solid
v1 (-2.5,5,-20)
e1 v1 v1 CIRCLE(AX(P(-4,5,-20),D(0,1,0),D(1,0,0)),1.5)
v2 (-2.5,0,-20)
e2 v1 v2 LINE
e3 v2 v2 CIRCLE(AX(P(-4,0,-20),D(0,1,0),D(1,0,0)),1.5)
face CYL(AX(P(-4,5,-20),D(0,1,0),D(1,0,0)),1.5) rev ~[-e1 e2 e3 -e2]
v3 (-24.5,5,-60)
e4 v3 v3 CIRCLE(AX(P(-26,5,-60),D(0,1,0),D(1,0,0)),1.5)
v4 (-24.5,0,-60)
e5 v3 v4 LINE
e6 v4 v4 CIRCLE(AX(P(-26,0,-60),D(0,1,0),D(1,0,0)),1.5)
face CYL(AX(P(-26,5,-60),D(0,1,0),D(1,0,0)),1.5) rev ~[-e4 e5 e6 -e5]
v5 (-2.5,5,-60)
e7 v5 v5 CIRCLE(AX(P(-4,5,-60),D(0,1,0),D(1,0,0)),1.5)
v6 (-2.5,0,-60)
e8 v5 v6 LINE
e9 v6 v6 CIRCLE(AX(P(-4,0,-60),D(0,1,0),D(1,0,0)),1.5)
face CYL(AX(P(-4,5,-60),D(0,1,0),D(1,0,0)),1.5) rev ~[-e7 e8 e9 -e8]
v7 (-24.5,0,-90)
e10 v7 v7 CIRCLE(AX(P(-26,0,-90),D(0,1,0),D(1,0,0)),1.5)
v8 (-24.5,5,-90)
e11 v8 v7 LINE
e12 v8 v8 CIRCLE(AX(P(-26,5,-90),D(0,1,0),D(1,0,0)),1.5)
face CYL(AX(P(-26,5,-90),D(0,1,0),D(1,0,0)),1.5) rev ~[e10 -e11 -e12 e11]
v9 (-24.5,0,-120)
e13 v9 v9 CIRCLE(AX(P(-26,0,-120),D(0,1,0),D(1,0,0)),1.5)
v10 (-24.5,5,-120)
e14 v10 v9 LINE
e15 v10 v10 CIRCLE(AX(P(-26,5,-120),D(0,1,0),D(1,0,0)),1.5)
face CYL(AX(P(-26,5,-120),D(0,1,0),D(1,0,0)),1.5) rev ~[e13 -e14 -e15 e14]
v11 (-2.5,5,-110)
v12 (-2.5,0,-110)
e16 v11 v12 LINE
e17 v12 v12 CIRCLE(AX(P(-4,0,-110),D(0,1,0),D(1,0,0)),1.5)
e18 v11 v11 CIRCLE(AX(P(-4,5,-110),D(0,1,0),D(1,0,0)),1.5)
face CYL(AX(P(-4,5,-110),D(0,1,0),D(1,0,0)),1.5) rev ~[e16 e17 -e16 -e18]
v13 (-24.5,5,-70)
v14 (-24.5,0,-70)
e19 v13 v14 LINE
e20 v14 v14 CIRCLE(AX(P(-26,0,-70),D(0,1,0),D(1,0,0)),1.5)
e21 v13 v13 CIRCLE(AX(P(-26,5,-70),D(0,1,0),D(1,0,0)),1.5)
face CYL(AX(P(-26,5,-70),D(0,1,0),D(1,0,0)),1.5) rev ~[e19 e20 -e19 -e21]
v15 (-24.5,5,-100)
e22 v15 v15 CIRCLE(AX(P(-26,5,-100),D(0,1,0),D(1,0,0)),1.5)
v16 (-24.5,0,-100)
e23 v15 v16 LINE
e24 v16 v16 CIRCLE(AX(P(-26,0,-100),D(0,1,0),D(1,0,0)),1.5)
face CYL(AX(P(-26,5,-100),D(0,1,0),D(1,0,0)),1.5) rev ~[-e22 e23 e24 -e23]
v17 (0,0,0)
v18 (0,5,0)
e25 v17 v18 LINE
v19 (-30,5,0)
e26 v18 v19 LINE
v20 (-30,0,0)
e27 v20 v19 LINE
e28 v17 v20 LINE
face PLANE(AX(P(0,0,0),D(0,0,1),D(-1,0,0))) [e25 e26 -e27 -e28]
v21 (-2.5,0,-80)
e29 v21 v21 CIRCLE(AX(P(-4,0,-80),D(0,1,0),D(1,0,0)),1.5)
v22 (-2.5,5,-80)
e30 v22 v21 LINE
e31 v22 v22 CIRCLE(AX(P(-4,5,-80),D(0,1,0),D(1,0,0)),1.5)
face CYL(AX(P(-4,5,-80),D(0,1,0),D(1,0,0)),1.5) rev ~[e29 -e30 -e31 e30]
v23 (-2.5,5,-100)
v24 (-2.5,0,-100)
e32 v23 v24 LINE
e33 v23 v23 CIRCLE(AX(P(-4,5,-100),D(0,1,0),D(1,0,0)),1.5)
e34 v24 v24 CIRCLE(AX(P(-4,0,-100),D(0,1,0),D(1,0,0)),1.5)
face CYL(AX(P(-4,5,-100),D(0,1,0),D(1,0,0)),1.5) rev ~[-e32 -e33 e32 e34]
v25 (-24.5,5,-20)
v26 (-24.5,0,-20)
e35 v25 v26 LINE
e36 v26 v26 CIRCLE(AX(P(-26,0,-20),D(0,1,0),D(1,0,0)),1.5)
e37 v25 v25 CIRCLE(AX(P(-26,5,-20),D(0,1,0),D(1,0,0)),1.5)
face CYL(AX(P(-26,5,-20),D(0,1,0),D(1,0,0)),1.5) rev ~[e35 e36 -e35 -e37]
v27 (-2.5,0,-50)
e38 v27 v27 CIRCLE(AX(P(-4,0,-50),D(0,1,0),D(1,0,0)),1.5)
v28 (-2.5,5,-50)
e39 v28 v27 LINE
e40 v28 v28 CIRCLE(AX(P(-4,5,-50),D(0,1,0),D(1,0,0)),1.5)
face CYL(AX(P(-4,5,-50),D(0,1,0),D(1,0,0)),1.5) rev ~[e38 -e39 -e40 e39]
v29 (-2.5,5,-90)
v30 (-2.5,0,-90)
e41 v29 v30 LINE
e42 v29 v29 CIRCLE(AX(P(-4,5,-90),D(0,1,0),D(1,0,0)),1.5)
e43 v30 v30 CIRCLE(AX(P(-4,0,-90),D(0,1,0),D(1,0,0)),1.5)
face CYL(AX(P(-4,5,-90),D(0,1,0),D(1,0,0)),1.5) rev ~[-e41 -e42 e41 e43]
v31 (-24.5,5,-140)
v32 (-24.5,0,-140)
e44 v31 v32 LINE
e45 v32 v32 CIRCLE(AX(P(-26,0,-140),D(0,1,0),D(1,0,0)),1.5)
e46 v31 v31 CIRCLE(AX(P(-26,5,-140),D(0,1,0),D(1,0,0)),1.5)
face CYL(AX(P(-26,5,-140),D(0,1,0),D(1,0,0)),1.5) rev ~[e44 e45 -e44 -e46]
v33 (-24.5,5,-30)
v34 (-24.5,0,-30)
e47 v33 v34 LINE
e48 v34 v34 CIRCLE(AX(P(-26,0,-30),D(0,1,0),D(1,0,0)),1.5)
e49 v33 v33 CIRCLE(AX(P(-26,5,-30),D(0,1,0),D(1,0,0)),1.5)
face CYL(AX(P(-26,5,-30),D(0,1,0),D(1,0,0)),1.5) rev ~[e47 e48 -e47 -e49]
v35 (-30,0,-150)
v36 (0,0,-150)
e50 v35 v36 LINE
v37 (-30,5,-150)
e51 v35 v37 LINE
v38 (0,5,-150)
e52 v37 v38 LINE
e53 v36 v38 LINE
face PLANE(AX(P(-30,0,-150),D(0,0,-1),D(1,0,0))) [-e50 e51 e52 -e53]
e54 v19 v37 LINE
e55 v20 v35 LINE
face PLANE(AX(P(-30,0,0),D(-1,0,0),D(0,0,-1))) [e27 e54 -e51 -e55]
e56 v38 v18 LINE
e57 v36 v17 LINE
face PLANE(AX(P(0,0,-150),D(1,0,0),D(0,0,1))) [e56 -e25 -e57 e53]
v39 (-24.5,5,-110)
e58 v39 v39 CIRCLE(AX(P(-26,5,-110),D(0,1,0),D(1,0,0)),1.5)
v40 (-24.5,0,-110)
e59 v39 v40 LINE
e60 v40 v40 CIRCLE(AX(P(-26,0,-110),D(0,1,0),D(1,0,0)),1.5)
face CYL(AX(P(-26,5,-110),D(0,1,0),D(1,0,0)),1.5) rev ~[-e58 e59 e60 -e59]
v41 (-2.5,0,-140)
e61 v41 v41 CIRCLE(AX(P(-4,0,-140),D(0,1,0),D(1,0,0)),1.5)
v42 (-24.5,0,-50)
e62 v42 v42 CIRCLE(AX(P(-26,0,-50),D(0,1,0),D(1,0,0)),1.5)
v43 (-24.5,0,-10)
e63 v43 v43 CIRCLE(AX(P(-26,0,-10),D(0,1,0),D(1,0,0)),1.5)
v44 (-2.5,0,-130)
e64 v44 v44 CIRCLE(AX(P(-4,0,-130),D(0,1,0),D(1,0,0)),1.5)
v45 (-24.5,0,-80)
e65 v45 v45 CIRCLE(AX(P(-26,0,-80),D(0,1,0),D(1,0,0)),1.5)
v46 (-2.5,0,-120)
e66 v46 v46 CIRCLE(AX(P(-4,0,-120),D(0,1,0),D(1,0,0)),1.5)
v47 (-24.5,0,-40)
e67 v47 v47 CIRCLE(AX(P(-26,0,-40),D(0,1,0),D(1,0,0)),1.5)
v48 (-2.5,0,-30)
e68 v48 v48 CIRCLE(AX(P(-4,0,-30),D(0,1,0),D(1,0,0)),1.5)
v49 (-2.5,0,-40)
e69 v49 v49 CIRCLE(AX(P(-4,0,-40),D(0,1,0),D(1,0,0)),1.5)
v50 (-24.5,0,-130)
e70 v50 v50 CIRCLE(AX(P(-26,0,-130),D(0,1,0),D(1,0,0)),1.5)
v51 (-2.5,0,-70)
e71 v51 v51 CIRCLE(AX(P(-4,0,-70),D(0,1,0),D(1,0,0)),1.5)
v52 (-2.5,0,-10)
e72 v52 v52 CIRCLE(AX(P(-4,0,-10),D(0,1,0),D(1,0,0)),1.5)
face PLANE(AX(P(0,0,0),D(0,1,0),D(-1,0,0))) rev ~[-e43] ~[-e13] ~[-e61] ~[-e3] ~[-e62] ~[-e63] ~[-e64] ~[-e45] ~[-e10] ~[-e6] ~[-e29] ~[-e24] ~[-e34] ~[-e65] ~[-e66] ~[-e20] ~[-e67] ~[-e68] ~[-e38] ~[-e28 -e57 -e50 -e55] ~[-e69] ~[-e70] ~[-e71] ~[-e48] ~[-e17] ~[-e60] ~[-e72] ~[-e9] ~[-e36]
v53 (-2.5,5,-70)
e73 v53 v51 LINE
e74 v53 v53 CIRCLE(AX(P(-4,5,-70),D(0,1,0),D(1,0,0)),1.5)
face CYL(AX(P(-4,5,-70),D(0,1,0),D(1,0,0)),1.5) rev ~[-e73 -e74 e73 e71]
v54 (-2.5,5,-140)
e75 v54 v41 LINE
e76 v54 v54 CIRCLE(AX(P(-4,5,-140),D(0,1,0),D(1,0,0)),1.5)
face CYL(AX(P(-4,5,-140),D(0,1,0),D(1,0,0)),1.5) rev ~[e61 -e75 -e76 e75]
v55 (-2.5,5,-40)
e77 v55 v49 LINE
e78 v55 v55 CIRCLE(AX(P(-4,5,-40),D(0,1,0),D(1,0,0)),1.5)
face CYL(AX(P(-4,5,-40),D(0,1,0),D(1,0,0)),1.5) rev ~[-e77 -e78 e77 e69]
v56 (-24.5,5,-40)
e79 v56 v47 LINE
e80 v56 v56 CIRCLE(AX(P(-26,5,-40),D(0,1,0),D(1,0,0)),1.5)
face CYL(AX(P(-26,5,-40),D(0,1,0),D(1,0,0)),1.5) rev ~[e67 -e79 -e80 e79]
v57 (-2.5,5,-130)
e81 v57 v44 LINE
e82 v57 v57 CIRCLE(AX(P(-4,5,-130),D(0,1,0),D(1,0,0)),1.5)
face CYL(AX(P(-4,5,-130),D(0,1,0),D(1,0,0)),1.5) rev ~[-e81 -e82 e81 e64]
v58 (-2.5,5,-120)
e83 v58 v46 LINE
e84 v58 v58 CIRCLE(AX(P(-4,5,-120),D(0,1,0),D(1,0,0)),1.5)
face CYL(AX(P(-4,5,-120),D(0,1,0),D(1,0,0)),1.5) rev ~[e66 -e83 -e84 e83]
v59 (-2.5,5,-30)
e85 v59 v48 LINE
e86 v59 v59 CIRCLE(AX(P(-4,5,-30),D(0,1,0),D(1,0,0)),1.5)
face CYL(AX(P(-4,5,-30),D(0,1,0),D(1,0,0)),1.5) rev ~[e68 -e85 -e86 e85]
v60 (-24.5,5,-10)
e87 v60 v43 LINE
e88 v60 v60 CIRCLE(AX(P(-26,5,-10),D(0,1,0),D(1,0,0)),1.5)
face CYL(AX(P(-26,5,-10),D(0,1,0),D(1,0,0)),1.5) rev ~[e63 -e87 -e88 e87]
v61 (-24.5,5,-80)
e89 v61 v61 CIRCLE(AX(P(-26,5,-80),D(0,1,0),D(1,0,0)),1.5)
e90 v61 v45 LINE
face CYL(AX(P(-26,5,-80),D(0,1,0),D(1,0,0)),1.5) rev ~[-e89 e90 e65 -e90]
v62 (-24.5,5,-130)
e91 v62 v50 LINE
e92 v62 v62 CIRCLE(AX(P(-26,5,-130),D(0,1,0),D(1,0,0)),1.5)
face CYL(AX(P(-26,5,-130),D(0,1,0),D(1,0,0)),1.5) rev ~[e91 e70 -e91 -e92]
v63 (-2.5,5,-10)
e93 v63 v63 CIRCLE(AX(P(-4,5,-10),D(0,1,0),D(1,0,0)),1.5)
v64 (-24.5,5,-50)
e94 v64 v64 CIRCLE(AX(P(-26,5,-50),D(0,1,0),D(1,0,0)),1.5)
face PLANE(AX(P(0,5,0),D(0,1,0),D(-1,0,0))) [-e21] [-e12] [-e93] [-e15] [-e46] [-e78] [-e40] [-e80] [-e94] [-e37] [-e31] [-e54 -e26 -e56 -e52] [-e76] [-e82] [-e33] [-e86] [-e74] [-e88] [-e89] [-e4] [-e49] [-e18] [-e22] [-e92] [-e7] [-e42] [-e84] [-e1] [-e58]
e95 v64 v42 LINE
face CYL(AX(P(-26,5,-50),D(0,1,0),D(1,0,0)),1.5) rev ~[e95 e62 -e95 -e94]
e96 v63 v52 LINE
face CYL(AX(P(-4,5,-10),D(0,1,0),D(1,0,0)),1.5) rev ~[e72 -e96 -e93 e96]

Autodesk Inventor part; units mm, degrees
ref_plane "YZ Plane" through (0, 0, 0) normal (1, 0, 0) x (0, 1, 0)
ref_plane "XZ Plane" through (0, 0, 0) normal (0, 1, 0) x (-1, 0, 0)
ref_plane "XY Plane" through (0, 0, 0) normal (0, 0, 1) x (1, 0, 0)
sketch "Sketch1" plane through (0, 0, 0) normal (0, 1, 0) x (-1, 0, 0)
  line L0 (0, 0) -> (30, 0)
  line L1 (30, 0) -> (30, -150)
  line L2 (30, -150) -> (0, -150)
  line L3 (0, -150) -> (0, 0)
  dimension "d0" = 30
  dimension "d1" = 150
extrude "Extrusion1" add sketch "Sketch1" along normal blind 5
sketch "Sketch2" plane through (0, 5, 0) normal (0, 1, 0) x (1, 0, 0)
  circle A0 centre (-26, 10) radius 1.5
  line L0 (-30, 0) -> (0, 0) projected
  line L1 (-30, 150) -> (-30, 0) projected
  circle A1 centre (-26, 20) radius 1.5
  circle A2 centre (-26, 30) radius 1.5
  circle A3 centre (-26, 40) radius 1.5
  circle A4 centre (-26, 50) radius 1.5
  circle A5 centre (-26, 60) radius 1.5
  circle A6 centre (-26, 70) radius 1.5
  circle A7 centre (-26, 80) radius 1.5
  circle A8 centre (-26, 90) radius 1.5
  circle A9 centre (-4, 10) radius 1.5
  circle A10 centre (-4, 20) radius 1.5
  circle A11 centre (-4, 30) radius 1.5
  circle A12 centre (-4, 40) radius 1.5
  circle A13 centre (-4, 50) radius 1.5
  circle A14 centre (-4, 60) radius 1.5
  circle A15 centre (-4, 70) radius 1.5
  circle A16 centre (-4, 80) radius 1.5
  circle A17 centre (-4, 90) radius 1.5
  circle A18 centre (-26, 100) radius 1.5
  circle A19 centre (-4, 100) radius 1.5
  circle A20 centre (-26, 110) radius 1.5
  circle A21 centre (-4, 110) radius 1.5
  circle A22 centre (-26, 120) radius 1.5
  circle A23 centre (-4, 120) radius 1.5
  circle A24 centre (-26, 130) radius 1.5
  circle A25 centre (-4, 130) radius 1.5
  circle A26 centre (-26, 140) radius 1.5
  circle A27 centre (-4, 140) radius 1.5
  dimension "d4" = 3
  dimension "d5" = 10
  dimension "d6" = 4
  dimension "d9" = 10
  dimension "d12" = 22
extrude "Extrusion2" cut sketch "Sketch2" against normal blind 5
properties part number "board" material "Wood (Cherry)"
